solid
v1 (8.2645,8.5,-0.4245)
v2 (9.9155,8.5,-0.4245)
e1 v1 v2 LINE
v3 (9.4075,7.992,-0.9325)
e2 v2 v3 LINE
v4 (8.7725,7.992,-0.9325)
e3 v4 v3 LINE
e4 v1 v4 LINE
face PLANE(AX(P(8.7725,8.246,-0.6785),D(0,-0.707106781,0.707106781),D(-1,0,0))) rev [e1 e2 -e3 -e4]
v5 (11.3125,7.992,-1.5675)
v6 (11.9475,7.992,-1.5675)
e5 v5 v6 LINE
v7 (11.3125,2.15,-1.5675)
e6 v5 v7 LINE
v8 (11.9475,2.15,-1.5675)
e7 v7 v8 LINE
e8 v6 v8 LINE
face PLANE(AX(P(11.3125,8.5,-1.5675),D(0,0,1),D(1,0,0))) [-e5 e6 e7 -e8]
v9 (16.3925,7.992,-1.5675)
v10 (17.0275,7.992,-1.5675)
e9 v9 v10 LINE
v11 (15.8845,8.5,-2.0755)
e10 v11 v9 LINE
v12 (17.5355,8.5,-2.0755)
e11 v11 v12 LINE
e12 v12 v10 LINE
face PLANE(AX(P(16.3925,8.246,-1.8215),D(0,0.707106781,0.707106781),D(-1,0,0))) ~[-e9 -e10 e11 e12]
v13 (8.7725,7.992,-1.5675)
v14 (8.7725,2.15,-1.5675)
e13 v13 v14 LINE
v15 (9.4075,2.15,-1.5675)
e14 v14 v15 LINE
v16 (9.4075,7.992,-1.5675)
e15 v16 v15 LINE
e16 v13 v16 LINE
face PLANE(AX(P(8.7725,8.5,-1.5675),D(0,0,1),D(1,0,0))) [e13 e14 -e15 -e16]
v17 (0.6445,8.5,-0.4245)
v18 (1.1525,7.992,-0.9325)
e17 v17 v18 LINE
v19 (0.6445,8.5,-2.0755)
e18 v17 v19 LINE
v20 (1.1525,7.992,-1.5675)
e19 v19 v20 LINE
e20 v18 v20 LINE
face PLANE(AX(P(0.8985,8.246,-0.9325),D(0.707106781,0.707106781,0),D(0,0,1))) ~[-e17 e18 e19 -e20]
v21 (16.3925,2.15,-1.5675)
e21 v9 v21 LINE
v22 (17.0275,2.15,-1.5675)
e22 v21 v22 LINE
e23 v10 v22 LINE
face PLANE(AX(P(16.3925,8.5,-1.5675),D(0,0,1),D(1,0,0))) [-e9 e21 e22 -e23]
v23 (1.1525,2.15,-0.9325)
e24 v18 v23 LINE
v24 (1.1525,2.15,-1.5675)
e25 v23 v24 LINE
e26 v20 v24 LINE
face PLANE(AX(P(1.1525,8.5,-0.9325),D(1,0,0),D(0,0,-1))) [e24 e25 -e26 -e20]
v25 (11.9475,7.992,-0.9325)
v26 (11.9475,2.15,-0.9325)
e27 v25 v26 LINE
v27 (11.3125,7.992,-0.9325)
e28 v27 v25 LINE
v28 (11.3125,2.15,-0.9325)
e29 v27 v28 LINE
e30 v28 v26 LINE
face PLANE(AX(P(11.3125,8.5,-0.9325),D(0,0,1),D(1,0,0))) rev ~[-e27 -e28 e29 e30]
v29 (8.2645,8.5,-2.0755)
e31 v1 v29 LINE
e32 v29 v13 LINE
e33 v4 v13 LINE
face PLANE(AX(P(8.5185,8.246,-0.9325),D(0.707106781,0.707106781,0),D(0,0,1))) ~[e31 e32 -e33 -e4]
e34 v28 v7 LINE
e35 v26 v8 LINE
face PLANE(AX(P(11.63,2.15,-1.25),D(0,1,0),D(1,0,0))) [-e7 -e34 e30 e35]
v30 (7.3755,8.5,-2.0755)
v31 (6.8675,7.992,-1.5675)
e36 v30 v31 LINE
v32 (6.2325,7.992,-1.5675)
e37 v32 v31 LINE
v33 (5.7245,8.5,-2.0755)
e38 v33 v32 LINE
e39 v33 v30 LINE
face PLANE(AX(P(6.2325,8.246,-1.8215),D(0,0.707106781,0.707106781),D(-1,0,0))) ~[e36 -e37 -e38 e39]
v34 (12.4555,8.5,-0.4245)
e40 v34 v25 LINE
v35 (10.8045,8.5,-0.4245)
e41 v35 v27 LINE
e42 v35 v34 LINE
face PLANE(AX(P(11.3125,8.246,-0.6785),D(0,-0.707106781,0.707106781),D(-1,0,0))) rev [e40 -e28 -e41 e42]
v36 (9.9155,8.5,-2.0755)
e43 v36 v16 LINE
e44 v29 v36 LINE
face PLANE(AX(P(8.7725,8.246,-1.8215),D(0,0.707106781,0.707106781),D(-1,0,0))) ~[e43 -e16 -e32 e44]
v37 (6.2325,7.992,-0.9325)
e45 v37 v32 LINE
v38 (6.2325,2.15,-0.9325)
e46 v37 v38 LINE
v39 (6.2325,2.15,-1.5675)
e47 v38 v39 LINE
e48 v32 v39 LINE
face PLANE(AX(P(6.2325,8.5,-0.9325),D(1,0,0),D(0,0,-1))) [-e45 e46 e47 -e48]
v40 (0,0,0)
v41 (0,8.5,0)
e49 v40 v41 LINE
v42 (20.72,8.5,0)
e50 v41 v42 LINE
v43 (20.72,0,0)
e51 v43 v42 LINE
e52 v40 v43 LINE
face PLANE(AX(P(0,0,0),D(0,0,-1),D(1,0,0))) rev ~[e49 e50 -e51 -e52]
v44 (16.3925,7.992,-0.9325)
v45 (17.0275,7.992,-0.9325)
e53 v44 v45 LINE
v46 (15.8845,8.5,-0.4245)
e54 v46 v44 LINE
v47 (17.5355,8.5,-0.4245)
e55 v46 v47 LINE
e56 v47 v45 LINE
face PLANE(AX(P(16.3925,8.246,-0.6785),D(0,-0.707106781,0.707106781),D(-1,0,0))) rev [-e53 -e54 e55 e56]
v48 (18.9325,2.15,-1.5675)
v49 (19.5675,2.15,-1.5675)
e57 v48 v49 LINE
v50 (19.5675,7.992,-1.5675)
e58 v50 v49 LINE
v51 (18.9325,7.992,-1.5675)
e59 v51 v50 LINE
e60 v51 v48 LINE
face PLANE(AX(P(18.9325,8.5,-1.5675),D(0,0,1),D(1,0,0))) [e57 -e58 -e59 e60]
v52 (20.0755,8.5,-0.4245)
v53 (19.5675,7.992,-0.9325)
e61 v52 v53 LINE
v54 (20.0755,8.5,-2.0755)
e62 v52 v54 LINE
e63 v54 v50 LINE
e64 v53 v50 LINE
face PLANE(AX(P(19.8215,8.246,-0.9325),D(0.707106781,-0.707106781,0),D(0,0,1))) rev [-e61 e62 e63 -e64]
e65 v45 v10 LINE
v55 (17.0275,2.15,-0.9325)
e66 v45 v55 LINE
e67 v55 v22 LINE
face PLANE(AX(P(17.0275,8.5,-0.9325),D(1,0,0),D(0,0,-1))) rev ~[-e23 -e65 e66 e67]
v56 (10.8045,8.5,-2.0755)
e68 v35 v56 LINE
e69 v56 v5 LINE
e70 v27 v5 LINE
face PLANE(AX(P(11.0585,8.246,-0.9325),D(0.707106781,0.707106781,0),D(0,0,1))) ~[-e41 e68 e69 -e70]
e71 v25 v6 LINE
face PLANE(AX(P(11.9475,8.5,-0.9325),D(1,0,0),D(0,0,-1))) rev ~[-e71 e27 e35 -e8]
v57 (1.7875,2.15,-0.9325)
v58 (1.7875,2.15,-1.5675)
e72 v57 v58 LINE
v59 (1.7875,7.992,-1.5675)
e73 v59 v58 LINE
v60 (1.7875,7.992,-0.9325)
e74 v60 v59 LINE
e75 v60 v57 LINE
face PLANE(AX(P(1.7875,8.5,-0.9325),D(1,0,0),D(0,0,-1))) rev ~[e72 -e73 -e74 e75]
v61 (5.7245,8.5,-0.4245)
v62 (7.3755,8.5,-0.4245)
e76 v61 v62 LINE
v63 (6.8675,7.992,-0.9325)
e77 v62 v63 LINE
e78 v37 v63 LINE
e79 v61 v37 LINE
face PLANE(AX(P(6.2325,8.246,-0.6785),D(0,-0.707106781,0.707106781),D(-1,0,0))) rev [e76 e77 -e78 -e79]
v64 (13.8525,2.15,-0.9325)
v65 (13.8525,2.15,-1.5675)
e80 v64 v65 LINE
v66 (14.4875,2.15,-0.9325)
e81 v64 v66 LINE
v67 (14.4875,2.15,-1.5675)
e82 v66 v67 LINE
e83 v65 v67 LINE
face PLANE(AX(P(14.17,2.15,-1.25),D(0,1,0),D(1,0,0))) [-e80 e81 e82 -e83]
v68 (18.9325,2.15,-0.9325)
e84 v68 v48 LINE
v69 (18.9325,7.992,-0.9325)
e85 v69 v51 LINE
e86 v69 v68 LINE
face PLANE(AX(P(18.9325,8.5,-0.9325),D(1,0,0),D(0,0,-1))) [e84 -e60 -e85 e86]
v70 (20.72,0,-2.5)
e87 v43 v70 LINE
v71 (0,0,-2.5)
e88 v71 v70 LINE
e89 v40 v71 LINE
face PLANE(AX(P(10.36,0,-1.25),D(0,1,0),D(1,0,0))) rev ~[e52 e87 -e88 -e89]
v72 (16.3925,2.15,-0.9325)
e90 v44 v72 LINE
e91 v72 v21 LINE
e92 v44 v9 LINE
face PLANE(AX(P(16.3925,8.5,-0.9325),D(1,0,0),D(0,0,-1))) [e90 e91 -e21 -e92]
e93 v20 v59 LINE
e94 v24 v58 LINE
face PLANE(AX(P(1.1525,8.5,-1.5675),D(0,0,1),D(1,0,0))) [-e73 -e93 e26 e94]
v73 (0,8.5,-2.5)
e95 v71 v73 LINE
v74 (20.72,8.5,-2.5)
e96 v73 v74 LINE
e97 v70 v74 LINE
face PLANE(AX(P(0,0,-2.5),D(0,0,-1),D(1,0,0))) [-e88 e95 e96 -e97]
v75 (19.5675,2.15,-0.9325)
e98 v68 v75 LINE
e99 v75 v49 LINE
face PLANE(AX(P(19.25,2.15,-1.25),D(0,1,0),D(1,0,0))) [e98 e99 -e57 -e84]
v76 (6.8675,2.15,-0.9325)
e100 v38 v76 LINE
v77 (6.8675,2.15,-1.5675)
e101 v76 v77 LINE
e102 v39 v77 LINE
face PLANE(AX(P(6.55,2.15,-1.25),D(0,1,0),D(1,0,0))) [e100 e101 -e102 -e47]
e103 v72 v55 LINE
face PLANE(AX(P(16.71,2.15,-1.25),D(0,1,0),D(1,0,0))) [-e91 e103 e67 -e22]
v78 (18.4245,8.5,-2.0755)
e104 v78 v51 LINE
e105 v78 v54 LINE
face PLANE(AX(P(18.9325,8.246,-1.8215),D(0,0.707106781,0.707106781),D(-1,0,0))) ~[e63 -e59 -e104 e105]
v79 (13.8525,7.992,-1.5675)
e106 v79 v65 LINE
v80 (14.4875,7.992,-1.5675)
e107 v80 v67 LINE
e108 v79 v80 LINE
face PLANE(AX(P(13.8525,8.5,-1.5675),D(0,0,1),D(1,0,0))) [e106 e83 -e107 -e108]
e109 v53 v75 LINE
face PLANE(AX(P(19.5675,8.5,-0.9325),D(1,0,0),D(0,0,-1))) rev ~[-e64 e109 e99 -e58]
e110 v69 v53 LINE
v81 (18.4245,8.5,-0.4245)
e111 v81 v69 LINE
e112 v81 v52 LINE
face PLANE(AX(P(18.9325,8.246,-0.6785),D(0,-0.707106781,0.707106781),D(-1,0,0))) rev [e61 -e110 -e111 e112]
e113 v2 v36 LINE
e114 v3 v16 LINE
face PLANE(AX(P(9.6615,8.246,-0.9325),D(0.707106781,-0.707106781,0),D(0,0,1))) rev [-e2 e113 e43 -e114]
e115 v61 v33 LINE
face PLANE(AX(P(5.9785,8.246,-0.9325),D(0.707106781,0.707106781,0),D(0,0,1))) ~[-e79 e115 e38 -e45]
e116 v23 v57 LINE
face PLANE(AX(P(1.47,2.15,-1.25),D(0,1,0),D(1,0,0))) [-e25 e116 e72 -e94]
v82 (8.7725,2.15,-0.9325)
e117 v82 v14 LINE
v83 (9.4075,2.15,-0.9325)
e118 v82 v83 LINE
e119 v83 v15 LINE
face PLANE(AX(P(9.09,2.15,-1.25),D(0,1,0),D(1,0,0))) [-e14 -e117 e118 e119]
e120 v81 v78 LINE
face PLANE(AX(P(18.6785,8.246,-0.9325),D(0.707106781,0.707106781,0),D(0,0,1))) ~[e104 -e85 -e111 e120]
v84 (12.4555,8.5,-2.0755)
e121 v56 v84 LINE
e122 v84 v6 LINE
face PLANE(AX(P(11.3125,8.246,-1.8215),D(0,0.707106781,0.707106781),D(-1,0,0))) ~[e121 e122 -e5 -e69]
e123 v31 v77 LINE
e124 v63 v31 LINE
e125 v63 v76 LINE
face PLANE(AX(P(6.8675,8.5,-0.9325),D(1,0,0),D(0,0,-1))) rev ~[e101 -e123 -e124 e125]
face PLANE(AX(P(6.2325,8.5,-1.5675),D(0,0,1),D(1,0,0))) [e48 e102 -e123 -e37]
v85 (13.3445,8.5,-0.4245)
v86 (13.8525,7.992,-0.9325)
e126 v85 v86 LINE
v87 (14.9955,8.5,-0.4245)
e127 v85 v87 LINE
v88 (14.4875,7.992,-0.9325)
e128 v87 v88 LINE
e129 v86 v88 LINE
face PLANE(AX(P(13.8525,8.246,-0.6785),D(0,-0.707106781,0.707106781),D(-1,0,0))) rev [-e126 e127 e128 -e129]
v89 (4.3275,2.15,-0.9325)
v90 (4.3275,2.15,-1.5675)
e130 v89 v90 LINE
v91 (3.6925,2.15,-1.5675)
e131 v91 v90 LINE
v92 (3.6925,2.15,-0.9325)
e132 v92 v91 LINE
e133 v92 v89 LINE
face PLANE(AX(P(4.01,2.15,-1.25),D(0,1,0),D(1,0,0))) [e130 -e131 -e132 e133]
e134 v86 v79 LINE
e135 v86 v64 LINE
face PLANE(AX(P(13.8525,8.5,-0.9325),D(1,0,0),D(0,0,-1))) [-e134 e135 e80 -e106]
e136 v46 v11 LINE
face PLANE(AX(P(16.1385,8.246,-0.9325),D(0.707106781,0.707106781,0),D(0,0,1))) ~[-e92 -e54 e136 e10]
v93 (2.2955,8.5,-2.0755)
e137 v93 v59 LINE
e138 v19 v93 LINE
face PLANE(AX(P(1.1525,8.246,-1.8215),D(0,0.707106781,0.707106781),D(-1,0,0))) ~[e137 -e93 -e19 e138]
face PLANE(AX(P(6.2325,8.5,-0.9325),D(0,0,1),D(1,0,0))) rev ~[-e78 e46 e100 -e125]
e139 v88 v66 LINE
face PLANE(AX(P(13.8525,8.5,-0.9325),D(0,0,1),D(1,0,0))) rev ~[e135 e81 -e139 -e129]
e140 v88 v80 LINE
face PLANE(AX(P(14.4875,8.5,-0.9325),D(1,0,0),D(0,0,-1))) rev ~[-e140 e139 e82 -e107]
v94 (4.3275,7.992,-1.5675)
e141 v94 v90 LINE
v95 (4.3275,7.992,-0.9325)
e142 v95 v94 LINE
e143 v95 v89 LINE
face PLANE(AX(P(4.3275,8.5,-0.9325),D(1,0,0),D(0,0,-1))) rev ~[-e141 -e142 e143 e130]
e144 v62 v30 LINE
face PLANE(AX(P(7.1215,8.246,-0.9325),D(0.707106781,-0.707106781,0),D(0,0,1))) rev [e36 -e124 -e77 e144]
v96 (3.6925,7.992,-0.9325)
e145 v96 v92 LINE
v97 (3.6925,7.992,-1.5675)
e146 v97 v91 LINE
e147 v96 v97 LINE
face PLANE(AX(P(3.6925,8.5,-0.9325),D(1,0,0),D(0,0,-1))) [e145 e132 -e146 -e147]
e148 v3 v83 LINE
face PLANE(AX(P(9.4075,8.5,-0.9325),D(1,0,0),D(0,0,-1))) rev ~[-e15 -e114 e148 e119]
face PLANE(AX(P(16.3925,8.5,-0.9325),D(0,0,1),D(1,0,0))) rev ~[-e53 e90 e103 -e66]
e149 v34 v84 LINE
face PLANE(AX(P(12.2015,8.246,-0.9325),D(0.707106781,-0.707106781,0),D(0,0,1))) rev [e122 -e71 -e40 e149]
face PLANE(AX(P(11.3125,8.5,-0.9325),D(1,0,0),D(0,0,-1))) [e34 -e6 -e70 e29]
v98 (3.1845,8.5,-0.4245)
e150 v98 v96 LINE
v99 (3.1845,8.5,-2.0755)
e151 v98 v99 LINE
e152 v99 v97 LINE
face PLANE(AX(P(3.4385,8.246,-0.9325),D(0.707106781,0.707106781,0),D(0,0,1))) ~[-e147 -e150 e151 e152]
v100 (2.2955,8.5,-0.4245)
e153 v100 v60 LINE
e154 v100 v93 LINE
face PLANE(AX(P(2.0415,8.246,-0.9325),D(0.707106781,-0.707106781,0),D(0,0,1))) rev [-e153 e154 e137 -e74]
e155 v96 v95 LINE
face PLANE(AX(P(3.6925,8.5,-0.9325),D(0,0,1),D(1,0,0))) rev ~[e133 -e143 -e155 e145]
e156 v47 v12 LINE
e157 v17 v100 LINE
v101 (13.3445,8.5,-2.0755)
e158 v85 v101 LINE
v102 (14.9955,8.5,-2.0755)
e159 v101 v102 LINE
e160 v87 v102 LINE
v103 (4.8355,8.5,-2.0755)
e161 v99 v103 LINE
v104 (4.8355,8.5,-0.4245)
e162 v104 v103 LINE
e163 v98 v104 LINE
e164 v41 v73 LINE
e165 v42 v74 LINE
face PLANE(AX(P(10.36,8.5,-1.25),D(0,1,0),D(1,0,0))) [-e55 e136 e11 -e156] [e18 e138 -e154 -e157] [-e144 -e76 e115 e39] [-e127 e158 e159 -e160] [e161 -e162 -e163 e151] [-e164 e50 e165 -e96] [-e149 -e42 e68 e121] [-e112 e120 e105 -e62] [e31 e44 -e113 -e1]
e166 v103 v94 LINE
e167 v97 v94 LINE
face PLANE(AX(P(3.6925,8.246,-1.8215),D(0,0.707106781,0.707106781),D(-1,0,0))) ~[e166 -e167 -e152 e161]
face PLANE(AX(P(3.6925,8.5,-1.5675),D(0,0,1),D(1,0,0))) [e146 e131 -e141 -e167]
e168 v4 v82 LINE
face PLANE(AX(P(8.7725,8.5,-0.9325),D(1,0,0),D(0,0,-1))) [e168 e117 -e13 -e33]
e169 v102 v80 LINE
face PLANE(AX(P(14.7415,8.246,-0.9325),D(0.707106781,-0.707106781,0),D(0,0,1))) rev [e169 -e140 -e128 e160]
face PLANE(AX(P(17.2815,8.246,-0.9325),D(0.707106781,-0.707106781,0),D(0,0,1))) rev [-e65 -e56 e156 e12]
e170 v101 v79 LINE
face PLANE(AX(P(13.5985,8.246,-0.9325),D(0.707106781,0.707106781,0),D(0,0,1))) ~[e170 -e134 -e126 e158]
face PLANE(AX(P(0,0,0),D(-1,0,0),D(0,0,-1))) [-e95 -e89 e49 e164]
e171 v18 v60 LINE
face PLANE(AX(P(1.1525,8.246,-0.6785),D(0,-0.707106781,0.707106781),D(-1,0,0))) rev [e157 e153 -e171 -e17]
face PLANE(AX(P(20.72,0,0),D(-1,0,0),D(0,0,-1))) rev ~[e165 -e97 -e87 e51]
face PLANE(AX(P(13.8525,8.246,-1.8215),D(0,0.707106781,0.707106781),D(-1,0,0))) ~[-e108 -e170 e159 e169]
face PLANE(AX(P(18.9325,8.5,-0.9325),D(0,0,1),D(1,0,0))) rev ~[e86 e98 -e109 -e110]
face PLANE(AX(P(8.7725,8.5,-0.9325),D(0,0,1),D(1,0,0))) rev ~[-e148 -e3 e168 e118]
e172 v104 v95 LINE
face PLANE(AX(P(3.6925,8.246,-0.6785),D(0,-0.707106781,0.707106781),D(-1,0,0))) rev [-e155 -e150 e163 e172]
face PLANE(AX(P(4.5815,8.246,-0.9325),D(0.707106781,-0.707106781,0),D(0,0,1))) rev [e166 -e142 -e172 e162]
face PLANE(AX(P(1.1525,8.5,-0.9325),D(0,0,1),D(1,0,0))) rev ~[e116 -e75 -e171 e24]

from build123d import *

# Parameters (mm, degrees)
SKETCH1_W                  = 20.72
SKETCH1_H                  = 2.5
BOSS_EXTRUDE1_DEPTH        = 8.5
SKETCH2_W                  = 0.635
SKETCH2_H                  = 0.635
CUT_EXTRUDE1_DEPTH         = 6.35
CHAMFER1_SIZE              = 0.508
LPATTERN1_COUNT            = 8
LPATTERN1_PITCH            = 2.54
CHAMFER1_OF_LPATTERN1_SIZE = 0.508


with BuildPart() as part:
    # Sketch1 → Boss-Extrude1 (new body)
    with BuildSketch(Plane(origin=(0, 0, 0), x_dir=(1, 0, 0), z_dir=(0, 1, 0))):
        with Locations((10.36, 1.25)):
            Rectangle(SKETCH1_W, SKETCH1_H)
    extrude(amount=BOSS_EXTRUDE1_DEPTH)

    # Sketch2 → Cut-Extrude1 (cut)
    with BuildSketch(Plane(origin=(0, 8.5, 0), x_dir=(1, 0, 0), z_dir=(0, 1, 0))):
        with Locations((1.47, 1.25)):
            Rectangle(SKETCH2_W, SKETCH2_H)
    cut_extrude1 = extrude(amount=-CUT_EXTRUDE1_DEPTH, mode=Mode.SUBTRACT)

    # Chamfer1
    chamfer1_edges = [part.edges().sort_by_distance(p)[0] for p in [
        (1.7875, 8.5, -1.25),
        (1.47, 8.5, -1.5675),
        (1.1525, 8.5, -1.25),
        (1.47, 8.5, -0.9325),
    ]]
    chamfer(chamfer1_edges, length=CHAMFER1_SIZE)

    # LPattern1: Cut-Extrude1 ×8
    with Locations(*[(i * LPATTERN1_PITCH, 0, 0) for i in range(1, LPATTERN1_COUNT)]):
        add(cut_extrude1, mode=Mode.SUBTRACT)

    # Chamfer1 of LPattern1
    chamfer1_of_lpattern1_edges = [part.edges().sort_by_distance(p)[0] for p in [
        (4.3275, 8.5, -1.25),
        (4.01, 8.5, -1.5675),
        (3.6925, 8.5, -1.25),
        (4.01, 8.5, -0.9325),
        (6.8675, 8.5, -1.25),
        (6.55, 8.5, -1.5675),
        (6.2325, 8.5, -1.25),
        (6.55, 8.5, -0.9325),
        (9.4075, 8.5, -1.25),
        (9.09, 8.5, -1.5675),
        (8.7725, 8.5, -1.25),
        (9.09, 8.5, -0.9325),
        (11.9475, 8.5, -1.25),
        (11.63, 8.5, -1.5675),
        (11.3125, 8.5, -1.25),
        (11.63, 8.5, -0.9325),
        (14.4875, 8.5, -1.25),
        (14.17, 8.5, -1.5675),
        (13.8525, 8.5, -1.25),
        (14.17, 8.5, -0.9325),
        (17.0275, 8.5, -1.25),
        (16.71, 8.5, -1.5675),
        (16.3925, 8.5, -1.25),
        (16.71, 8.5, -0.9325),
        (19.5675, 8.5, -1.25),
        (19.25, 8.5, -1.5675),
        (18.9325, 8.5, -1.25),
        (19.25, 8.5, -0.9325),
    ]]
    chamfer(chamfer1_of_lpattern1_edges, length=CHAMFER1_OF_LPATTERN1_SIZE)


solid = part.part
